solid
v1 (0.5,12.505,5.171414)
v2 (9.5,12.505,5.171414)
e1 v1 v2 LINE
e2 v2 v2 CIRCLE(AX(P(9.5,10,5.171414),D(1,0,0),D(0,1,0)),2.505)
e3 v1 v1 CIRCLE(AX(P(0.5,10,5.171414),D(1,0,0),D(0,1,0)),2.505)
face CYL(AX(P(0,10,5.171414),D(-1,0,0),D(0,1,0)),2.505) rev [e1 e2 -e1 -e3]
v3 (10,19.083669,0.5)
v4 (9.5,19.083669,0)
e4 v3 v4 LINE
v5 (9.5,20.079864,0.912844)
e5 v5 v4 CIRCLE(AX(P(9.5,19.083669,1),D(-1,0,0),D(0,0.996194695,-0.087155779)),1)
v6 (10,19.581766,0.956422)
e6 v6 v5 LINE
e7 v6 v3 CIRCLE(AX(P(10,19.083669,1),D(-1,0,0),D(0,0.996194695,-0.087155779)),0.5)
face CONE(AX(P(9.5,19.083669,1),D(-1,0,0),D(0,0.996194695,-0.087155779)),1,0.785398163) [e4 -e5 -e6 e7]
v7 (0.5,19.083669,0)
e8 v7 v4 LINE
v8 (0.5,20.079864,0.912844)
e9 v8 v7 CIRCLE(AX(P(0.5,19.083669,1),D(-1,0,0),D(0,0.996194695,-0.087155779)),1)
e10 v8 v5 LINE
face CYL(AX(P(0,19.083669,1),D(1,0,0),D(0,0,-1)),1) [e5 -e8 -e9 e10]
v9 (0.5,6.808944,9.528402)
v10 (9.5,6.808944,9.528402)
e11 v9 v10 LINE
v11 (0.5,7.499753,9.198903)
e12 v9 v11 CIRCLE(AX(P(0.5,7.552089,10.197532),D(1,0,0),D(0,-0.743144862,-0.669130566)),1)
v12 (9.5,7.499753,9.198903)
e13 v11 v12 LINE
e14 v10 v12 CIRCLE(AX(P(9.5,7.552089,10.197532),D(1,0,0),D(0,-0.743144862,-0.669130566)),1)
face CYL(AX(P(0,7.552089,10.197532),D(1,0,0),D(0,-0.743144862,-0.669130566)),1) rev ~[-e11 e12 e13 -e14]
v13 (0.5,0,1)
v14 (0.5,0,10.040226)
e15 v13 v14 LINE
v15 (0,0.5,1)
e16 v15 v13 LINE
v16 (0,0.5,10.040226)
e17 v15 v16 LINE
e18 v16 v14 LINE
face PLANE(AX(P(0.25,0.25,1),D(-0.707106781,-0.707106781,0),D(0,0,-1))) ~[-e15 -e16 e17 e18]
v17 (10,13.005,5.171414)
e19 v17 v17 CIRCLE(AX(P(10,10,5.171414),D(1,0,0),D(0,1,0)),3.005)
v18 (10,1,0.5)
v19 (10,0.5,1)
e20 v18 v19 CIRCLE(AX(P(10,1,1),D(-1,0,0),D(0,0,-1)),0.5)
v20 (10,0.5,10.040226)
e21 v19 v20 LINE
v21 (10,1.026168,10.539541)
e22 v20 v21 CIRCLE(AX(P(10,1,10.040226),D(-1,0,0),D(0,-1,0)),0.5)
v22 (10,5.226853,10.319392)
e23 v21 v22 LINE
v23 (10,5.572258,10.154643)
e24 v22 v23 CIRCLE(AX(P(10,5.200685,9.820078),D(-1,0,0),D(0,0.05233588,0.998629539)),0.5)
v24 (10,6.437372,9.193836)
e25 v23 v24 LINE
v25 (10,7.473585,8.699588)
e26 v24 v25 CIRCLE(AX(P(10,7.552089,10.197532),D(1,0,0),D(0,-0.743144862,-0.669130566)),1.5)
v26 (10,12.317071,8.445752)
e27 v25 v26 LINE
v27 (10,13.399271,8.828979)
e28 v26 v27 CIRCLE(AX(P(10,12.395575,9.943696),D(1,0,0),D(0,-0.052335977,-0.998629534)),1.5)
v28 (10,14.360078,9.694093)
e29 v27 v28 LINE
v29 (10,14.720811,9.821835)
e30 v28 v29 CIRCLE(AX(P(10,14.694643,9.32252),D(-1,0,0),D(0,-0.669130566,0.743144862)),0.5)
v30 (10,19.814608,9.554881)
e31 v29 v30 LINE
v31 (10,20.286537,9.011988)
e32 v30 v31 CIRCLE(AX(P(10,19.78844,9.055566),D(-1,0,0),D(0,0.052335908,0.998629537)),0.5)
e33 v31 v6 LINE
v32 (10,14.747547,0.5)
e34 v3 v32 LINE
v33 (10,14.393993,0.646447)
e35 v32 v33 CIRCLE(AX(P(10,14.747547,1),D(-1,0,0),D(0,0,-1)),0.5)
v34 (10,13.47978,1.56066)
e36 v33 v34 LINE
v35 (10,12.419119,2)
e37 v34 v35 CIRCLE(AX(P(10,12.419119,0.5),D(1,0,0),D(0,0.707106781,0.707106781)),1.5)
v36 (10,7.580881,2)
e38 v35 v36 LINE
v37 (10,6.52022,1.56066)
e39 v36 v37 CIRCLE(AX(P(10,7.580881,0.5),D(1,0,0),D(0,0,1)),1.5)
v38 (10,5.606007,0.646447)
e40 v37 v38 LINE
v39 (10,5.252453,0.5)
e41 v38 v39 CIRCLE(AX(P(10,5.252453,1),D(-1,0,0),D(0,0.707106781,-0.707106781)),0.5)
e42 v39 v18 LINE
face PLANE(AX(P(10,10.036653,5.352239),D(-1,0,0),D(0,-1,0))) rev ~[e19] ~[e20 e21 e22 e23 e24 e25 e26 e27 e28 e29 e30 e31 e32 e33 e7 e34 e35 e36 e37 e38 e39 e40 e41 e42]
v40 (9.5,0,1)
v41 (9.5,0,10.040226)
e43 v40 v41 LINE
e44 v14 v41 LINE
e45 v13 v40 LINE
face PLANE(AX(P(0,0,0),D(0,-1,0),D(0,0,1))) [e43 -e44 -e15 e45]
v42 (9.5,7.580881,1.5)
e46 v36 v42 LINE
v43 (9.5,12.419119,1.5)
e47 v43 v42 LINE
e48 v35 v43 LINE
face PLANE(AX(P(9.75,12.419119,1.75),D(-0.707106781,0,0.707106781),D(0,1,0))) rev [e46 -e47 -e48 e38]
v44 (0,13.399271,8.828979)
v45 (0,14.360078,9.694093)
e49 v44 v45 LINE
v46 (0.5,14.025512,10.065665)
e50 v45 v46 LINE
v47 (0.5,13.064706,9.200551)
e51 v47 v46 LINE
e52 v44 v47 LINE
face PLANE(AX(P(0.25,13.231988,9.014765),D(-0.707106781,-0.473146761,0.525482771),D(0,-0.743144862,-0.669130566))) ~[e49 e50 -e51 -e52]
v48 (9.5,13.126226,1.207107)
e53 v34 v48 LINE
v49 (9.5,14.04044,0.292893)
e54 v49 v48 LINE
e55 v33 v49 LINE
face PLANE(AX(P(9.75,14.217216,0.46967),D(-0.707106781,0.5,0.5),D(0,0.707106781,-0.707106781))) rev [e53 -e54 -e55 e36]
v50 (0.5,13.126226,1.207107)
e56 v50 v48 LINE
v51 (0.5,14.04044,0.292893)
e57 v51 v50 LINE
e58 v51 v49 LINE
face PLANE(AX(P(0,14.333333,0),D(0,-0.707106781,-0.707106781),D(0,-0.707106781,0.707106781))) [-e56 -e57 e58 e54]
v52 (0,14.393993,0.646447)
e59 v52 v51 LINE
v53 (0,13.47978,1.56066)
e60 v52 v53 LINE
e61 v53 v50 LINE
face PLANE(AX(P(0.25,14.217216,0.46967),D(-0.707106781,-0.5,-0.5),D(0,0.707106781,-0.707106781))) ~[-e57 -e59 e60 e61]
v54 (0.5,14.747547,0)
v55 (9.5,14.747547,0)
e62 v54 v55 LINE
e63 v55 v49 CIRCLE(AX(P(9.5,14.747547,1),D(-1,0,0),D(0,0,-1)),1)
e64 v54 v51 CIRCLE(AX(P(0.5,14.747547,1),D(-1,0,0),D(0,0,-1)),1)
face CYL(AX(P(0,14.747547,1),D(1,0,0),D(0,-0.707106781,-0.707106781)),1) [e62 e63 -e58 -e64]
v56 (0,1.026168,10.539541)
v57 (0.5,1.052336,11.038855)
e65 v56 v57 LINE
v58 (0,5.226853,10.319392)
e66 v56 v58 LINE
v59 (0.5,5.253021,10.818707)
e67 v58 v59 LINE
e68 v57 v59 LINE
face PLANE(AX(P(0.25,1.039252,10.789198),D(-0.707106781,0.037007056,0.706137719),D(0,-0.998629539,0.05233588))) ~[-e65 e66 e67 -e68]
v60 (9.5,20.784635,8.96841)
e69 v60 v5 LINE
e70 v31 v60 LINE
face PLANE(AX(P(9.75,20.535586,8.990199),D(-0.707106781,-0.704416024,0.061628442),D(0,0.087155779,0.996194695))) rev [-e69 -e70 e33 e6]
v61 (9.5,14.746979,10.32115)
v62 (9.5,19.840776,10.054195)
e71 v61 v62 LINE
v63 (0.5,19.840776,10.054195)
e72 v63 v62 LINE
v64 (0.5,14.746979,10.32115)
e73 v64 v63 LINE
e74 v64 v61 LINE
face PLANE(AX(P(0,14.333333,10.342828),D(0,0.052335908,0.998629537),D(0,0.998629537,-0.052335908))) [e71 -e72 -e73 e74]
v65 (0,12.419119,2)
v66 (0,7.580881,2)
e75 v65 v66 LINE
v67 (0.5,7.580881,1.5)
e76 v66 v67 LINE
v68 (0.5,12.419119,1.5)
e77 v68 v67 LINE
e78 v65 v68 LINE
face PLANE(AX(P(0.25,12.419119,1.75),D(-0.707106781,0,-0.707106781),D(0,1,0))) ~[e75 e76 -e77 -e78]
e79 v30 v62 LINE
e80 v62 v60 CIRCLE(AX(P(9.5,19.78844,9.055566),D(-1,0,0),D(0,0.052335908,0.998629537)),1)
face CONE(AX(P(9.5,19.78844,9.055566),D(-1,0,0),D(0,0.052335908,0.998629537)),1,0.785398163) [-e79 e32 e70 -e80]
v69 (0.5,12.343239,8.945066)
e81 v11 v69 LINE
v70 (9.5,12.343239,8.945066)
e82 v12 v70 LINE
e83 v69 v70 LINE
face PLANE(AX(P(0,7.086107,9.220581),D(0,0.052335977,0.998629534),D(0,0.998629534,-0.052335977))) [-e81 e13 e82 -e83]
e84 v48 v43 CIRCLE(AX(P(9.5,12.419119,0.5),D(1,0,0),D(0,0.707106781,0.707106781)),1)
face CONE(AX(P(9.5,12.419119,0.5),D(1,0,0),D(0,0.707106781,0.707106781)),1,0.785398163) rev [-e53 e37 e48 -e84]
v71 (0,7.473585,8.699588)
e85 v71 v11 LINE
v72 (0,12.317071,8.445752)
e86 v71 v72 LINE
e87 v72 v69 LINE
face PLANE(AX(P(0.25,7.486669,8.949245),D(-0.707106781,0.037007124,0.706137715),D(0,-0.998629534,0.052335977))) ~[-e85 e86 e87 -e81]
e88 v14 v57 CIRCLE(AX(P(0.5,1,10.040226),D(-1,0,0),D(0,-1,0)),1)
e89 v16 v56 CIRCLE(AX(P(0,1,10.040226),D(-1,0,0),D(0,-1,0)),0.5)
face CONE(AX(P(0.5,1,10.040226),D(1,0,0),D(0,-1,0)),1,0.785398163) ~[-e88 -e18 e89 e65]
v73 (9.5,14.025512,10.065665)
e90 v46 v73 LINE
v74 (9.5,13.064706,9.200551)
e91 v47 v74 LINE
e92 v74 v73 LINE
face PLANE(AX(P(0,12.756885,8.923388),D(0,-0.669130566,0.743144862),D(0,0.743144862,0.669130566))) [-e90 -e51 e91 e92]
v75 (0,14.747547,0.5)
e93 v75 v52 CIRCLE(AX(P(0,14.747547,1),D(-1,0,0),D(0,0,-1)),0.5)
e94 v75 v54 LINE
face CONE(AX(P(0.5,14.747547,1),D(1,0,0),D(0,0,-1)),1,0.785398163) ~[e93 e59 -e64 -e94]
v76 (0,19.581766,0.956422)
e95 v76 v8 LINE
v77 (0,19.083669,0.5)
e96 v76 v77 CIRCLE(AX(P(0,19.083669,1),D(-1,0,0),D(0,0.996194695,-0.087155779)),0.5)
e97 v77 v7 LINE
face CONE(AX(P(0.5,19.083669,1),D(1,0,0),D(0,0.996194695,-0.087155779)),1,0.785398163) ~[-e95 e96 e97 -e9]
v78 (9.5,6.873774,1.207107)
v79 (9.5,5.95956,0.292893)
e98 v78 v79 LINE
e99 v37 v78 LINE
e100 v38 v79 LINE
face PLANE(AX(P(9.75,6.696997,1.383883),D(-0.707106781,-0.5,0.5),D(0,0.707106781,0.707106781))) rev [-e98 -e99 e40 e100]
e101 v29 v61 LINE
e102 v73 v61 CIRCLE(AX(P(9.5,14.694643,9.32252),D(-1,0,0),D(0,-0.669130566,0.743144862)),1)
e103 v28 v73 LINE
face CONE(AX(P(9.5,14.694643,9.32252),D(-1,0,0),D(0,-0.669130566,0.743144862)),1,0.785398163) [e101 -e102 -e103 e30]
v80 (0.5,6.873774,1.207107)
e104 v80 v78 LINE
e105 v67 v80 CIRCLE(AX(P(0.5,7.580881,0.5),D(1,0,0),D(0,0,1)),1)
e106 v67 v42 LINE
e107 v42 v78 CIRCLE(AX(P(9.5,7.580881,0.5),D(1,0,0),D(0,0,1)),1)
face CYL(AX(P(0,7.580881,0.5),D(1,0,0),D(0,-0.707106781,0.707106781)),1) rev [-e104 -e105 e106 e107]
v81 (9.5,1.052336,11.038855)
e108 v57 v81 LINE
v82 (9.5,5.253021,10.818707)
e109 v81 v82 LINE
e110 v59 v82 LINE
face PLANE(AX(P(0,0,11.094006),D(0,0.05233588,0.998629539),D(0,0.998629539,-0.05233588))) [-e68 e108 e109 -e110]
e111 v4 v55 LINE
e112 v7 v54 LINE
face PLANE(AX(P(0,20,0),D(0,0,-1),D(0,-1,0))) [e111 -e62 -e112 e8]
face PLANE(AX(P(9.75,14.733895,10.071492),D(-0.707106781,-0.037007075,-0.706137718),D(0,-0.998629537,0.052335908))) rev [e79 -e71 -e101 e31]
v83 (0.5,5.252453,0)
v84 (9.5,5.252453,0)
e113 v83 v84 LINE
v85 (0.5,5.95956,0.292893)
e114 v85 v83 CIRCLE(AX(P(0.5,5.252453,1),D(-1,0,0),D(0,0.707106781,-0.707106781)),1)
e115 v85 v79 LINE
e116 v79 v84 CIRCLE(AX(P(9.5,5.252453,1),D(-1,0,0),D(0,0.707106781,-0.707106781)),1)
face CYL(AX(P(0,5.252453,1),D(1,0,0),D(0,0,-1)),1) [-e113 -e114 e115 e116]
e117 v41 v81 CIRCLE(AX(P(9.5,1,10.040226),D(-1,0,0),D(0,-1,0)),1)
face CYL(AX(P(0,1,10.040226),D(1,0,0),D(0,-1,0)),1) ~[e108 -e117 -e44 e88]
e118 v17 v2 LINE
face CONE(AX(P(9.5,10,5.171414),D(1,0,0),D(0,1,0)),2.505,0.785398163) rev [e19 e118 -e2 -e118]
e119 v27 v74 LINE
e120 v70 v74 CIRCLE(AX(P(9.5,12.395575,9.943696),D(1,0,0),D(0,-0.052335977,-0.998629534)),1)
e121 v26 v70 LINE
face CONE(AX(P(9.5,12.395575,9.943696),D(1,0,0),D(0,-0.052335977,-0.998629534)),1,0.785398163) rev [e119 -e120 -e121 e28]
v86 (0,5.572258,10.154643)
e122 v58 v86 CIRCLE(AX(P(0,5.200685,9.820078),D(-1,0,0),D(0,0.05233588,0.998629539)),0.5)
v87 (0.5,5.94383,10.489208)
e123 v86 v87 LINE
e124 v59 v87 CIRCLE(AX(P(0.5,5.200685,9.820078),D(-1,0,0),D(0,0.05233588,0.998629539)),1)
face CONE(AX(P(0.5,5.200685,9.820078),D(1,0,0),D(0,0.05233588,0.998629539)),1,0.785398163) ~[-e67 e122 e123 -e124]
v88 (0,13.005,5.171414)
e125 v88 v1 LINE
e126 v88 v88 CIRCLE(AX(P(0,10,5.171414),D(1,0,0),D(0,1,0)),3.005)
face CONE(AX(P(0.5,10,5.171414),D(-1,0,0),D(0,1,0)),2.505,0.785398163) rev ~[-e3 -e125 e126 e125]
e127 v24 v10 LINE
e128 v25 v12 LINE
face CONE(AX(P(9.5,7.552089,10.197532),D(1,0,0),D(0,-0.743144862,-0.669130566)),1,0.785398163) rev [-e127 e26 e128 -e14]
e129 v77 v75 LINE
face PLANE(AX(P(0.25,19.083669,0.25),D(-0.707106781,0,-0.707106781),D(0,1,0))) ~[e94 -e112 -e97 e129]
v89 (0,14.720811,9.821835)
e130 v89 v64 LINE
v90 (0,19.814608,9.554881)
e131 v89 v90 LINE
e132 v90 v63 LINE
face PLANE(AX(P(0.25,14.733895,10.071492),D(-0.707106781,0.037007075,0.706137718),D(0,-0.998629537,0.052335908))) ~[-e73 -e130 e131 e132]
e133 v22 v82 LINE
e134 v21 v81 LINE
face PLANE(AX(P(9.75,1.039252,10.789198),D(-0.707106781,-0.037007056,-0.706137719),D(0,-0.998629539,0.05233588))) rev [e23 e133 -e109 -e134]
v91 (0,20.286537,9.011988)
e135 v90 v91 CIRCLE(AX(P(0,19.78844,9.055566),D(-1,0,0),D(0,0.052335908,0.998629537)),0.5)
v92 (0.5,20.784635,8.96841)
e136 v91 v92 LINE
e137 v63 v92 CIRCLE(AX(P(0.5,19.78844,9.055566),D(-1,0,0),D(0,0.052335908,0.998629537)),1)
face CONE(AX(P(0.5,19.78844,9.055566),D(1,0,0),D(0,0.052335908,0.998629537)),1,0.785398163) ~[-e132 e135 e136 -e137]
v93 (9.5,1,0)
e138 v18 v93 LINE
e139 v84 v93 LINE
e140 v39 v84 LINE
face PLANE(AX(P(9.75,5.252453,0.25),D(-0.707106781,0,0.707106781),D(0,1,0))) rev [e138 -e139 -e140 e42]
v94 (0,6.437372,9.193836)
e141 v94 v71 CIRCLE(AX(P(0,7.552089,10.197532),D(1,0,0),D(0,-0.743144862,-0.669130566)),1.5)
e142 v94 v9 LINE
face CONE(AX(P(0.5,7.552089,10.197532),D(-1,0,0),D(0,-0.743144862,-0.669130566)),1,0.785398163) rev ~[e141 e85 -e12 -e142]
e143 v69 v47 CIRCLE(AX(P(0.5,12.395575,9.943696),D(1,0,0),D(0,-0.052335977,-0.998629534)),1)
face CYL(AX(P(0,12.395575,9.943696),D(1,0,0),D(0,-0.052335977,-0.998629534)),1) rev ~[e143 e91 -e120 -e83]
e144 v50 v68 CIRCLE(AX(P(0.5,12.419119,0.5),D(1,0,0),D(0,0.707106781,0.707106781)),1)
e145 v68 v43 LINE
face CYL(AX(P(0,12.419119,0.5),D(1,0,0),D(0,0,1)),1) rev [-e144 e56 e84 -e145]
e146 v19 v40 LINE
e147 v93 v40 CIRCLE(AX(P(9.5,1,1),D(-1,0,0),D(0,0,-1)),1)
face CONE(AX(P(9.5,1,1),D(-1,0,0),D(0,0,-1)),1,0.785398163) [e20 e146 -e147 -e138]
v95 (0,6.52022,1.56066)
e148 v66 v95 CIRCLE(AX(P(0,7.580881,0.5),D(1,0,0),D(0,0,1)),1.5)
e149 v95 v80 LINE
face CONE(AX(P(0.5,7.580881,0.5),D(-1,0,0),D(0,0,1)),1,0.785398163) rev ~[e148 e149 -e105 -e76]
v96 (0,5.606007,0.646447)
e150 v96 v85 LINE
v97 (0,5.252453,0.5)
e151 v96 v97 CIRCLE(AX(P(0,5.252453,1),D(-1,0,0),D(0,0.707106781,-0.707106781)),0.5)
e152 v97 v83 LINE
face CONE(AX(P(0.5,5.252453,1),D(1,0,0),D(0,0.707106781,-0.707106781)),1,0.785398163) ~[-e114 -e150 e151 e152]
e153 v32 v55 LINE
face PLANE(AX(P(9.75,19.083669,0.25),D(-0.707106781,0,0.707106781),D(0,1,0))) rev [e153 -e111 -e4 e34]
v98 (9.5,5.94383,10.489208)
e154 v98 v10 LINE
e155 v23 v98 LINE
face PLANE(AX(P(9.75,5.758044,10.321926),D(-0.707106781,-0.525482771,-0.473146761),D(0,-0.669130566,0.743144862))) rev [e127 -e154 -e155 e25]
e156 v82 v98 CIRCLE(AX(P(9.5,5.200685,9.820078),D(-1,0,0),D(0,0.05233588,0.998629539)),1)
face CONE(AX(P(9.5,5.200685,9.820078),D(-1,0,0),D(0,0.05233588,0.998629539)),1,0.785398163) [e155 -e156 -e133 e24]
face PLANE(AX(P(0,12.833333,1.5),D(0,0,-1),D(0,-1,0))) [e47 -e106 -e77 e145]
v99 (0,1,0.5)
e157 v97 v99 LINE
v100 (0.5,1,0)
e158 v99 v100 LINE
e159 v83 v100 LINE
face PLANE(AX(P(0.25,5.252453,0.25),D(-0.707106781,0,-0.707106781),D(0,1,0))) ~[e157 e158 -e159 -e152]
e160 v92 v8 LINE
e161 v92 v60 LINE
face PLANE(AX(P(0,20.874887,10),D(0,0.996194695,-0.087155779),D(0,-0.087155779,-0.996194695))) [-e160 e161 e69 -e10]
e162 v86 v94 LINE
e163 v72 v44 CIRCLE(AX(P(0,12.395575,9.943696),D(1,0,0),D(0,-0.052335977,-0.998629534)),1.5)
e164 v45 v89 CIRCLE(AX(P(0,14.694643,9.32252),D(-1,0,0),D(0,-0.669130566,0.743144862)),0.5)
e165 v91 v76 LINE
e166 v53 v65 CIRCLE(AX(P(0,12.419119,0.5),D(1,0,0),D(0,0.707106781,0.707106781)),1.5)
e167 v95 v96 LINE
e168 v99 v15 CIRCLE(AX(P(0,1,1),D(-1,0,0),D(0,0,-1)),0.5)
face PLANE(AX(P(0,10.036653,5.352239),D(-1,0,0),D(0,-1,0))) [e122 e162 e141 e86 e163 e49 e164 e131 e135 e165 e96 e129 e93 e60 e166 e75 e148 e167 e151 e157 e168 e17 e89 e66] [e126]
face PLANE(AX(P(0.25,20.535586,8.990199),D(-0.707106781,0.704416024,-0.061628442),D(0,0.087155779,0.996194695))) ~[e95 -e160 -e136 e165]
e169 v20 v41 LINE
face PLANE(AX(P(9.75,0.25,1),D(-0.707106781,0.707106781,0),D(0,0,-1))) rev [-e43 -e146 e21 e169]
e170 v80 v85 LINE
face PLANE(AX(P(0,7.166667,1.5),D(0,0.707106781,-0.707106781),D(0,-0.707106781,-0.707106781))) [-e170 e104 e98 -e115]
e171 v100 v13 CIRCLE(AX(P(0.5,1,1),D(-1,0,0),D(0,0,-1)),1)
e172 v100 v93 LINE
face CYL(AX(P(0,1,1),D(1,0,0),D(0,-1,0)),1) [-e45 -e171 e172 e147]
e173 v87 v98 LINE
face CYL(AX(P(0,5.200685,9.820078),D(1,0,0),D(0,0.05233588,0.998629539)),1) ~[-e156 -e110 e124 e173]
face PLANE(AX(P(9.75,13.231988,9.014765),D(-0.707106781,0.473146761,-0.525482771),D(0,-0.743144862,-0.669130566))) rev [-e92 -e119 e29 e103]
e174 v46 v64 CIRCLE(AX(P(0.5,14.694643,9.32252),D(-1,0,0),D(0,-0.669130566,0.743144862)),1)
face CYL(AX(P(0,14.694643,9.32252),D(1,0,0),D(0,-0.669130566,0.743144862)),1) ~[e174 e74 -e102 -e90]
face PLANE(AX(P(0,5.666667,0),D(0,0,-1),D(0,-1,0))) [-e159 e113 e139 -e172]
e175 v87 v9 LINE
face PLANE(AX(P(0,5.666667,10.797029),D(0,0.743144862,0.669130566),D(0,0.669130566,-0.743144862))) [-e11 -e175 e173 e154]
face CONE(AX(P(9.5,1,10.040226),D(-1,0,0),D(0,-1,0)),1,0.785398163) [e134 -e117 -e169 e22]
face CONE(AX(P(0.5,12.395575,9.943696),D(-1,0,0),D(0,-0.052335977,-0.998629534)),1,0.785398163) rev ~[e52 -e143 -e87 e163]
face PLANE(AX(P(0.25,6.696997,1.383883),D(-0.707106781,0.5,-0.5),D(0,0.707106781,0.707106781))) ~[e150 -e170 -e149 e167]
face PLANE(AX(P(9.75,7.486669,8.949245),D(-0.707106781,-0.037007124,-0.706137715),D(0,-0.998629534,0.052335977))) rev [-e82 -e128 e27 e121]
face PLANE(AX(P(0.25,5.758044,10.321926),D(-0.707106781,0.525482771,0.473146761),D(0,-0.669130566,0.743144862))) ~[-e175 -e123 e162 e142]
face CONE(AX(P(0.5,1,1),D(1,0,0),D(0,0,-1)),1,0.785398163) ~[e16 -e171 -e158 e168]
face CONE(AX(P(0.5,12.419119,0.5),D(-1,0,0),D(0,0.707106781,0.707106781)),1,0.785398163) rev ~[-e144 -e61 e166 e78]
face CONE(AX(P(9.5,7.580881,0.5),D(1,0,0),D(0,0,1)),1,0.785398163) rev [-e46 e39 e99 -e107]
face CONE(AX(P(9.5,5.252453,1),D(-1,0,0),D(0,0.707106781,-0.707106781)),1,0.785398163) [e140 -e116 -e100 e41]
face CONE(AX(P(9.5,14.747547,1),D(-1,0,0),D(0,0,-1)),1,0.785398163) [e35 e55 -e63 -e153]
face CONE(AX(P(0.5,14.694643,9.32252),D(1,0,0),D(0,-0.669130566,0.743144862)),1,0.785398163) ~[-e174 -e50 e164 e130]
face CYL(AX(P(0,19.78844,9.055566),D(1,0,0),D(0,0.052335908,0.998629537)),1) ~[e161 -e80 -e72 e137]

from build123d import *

# Parameters (mm, degrees)
SKETCH_R     = 2.505
PAD_DEPTH    = 10
FILLET_R     = 1
CHAMFER_SIZE = 0.5


with BuildPart() as part:
    # Sketch → Pad (new body)
    with BuildSketch(Plane.YZ):
        Polygon((0, 0), (0, 11.094006), (5.666667, 10.797029), (7.086107, 9.220581), (12.756885, 8.923388), (14.333333, 10.342828), (20.874887, 10), (20, 0), (14.333333, 0), (12.833333, 1.5), (7.166667, 1.5), (5.666667, 0), align=None)
        with Locations((10, 5.171414)):
            Circle(SKETCH_R, mode=Mode.SUBTRACT)
    extrude(amount=PAD_DEPTH)

    # Fillet
    fillet_edges = [part.edges().sort_by_distance(p)[0] for p in [
        (5, 0, 11.094006),
        (5, 5.666667, 10.797029),
        (5, 7.086107, 9.220581),
        (5, 12.756885, 8.923388),
        (5, 14.333333, 10.342828),
        (5, 20.874887, 10),
        (5, 0, 0),
        (5, 5.666667, 0),
        (5, 7.166667, 1.5),
        (5, 12.833333, 1.5),
        (5, 14.333333, 0),
        (5, 20, 0),
    ]]
    fillet(fillet_edges, radius=FILLET_R)

    # Chamfer
    chamfer_edges = [part.edges().sort_by_distance(p)[0] for p in [
        (0, 3.126227, 0),
        (0, 0.292893, 0.292893),
        (0, 5.635137, 0.07612),
        (0, 0, 5.520113),
        (0, 6.416667, 0.75),
        (0, 0.311645, 10.765601),
        (0, 7.198197, 1.42388),
        (0, 3.152678, 10.928782),
        (0, 10, 1.5),
        (0, 5.631196, 10.722663),
        (0, 12.801803, 1.42388),
        (0, 6.376387, 10.008805),
        (0, 13.583333, 0.75),
        (0, 7.121578, 9.294947),
        (0, 14.364863, 0.07612),
        (0, 9.921496, 9.071984),
        (0, 16.915608, 0),
        (0, 12.729382, 9.001054),
        (0, 19.759259, 0.262723),
        (0, 13.545109, 9.633108),
        (0, 20.432249, 4.940627),
        (0, 14.360836, 10.265162),
        (0, 20.543149, 9.711625),
        (0, 17.293877, 10.187673),
        (0, 7.495, 5.171414),
        (10, 3.126227, 0),
        (10, 0.292893, 0.292893),
        (10, 5.635137, 0.07612),
        (10, 0, 5.520113),
        (10, 6.416667, 0.75),
        (10, 0.311645, 10.765601),
        (10, 7.198197, 1.42388),
        (10, 3.152678, 10.928782),
        (10, 10, 1.5),
        (10, 5.631196, 10.722663),
        (10, 12.801803, 1.42388),
        (10, 6.376387, 10.008805),
        (10, 13.583333, 0.75),
        (10, 7.121578, 9.294947),
        (10, 14.364863, 0.07612),
        (10, 9.921496, 9.071984),
        (10, 16.915608, 0),
        (10, 12.729382, 9.001054),
        (10, 19.759259, 0.262723),
        (10, 13.545109, 9.633108),
        (10, 20.432249, 4.940627),
        (10, 14.360836, 10.265162),
        (10, 20.543149, 9.711625),
        (10, 17.293877, 10.187673),
        (10, 7.495, 5.171414),
    ]]
    chamfer(chamfer_edges, length=CHAMFER_SIZE)


solid = part.part
